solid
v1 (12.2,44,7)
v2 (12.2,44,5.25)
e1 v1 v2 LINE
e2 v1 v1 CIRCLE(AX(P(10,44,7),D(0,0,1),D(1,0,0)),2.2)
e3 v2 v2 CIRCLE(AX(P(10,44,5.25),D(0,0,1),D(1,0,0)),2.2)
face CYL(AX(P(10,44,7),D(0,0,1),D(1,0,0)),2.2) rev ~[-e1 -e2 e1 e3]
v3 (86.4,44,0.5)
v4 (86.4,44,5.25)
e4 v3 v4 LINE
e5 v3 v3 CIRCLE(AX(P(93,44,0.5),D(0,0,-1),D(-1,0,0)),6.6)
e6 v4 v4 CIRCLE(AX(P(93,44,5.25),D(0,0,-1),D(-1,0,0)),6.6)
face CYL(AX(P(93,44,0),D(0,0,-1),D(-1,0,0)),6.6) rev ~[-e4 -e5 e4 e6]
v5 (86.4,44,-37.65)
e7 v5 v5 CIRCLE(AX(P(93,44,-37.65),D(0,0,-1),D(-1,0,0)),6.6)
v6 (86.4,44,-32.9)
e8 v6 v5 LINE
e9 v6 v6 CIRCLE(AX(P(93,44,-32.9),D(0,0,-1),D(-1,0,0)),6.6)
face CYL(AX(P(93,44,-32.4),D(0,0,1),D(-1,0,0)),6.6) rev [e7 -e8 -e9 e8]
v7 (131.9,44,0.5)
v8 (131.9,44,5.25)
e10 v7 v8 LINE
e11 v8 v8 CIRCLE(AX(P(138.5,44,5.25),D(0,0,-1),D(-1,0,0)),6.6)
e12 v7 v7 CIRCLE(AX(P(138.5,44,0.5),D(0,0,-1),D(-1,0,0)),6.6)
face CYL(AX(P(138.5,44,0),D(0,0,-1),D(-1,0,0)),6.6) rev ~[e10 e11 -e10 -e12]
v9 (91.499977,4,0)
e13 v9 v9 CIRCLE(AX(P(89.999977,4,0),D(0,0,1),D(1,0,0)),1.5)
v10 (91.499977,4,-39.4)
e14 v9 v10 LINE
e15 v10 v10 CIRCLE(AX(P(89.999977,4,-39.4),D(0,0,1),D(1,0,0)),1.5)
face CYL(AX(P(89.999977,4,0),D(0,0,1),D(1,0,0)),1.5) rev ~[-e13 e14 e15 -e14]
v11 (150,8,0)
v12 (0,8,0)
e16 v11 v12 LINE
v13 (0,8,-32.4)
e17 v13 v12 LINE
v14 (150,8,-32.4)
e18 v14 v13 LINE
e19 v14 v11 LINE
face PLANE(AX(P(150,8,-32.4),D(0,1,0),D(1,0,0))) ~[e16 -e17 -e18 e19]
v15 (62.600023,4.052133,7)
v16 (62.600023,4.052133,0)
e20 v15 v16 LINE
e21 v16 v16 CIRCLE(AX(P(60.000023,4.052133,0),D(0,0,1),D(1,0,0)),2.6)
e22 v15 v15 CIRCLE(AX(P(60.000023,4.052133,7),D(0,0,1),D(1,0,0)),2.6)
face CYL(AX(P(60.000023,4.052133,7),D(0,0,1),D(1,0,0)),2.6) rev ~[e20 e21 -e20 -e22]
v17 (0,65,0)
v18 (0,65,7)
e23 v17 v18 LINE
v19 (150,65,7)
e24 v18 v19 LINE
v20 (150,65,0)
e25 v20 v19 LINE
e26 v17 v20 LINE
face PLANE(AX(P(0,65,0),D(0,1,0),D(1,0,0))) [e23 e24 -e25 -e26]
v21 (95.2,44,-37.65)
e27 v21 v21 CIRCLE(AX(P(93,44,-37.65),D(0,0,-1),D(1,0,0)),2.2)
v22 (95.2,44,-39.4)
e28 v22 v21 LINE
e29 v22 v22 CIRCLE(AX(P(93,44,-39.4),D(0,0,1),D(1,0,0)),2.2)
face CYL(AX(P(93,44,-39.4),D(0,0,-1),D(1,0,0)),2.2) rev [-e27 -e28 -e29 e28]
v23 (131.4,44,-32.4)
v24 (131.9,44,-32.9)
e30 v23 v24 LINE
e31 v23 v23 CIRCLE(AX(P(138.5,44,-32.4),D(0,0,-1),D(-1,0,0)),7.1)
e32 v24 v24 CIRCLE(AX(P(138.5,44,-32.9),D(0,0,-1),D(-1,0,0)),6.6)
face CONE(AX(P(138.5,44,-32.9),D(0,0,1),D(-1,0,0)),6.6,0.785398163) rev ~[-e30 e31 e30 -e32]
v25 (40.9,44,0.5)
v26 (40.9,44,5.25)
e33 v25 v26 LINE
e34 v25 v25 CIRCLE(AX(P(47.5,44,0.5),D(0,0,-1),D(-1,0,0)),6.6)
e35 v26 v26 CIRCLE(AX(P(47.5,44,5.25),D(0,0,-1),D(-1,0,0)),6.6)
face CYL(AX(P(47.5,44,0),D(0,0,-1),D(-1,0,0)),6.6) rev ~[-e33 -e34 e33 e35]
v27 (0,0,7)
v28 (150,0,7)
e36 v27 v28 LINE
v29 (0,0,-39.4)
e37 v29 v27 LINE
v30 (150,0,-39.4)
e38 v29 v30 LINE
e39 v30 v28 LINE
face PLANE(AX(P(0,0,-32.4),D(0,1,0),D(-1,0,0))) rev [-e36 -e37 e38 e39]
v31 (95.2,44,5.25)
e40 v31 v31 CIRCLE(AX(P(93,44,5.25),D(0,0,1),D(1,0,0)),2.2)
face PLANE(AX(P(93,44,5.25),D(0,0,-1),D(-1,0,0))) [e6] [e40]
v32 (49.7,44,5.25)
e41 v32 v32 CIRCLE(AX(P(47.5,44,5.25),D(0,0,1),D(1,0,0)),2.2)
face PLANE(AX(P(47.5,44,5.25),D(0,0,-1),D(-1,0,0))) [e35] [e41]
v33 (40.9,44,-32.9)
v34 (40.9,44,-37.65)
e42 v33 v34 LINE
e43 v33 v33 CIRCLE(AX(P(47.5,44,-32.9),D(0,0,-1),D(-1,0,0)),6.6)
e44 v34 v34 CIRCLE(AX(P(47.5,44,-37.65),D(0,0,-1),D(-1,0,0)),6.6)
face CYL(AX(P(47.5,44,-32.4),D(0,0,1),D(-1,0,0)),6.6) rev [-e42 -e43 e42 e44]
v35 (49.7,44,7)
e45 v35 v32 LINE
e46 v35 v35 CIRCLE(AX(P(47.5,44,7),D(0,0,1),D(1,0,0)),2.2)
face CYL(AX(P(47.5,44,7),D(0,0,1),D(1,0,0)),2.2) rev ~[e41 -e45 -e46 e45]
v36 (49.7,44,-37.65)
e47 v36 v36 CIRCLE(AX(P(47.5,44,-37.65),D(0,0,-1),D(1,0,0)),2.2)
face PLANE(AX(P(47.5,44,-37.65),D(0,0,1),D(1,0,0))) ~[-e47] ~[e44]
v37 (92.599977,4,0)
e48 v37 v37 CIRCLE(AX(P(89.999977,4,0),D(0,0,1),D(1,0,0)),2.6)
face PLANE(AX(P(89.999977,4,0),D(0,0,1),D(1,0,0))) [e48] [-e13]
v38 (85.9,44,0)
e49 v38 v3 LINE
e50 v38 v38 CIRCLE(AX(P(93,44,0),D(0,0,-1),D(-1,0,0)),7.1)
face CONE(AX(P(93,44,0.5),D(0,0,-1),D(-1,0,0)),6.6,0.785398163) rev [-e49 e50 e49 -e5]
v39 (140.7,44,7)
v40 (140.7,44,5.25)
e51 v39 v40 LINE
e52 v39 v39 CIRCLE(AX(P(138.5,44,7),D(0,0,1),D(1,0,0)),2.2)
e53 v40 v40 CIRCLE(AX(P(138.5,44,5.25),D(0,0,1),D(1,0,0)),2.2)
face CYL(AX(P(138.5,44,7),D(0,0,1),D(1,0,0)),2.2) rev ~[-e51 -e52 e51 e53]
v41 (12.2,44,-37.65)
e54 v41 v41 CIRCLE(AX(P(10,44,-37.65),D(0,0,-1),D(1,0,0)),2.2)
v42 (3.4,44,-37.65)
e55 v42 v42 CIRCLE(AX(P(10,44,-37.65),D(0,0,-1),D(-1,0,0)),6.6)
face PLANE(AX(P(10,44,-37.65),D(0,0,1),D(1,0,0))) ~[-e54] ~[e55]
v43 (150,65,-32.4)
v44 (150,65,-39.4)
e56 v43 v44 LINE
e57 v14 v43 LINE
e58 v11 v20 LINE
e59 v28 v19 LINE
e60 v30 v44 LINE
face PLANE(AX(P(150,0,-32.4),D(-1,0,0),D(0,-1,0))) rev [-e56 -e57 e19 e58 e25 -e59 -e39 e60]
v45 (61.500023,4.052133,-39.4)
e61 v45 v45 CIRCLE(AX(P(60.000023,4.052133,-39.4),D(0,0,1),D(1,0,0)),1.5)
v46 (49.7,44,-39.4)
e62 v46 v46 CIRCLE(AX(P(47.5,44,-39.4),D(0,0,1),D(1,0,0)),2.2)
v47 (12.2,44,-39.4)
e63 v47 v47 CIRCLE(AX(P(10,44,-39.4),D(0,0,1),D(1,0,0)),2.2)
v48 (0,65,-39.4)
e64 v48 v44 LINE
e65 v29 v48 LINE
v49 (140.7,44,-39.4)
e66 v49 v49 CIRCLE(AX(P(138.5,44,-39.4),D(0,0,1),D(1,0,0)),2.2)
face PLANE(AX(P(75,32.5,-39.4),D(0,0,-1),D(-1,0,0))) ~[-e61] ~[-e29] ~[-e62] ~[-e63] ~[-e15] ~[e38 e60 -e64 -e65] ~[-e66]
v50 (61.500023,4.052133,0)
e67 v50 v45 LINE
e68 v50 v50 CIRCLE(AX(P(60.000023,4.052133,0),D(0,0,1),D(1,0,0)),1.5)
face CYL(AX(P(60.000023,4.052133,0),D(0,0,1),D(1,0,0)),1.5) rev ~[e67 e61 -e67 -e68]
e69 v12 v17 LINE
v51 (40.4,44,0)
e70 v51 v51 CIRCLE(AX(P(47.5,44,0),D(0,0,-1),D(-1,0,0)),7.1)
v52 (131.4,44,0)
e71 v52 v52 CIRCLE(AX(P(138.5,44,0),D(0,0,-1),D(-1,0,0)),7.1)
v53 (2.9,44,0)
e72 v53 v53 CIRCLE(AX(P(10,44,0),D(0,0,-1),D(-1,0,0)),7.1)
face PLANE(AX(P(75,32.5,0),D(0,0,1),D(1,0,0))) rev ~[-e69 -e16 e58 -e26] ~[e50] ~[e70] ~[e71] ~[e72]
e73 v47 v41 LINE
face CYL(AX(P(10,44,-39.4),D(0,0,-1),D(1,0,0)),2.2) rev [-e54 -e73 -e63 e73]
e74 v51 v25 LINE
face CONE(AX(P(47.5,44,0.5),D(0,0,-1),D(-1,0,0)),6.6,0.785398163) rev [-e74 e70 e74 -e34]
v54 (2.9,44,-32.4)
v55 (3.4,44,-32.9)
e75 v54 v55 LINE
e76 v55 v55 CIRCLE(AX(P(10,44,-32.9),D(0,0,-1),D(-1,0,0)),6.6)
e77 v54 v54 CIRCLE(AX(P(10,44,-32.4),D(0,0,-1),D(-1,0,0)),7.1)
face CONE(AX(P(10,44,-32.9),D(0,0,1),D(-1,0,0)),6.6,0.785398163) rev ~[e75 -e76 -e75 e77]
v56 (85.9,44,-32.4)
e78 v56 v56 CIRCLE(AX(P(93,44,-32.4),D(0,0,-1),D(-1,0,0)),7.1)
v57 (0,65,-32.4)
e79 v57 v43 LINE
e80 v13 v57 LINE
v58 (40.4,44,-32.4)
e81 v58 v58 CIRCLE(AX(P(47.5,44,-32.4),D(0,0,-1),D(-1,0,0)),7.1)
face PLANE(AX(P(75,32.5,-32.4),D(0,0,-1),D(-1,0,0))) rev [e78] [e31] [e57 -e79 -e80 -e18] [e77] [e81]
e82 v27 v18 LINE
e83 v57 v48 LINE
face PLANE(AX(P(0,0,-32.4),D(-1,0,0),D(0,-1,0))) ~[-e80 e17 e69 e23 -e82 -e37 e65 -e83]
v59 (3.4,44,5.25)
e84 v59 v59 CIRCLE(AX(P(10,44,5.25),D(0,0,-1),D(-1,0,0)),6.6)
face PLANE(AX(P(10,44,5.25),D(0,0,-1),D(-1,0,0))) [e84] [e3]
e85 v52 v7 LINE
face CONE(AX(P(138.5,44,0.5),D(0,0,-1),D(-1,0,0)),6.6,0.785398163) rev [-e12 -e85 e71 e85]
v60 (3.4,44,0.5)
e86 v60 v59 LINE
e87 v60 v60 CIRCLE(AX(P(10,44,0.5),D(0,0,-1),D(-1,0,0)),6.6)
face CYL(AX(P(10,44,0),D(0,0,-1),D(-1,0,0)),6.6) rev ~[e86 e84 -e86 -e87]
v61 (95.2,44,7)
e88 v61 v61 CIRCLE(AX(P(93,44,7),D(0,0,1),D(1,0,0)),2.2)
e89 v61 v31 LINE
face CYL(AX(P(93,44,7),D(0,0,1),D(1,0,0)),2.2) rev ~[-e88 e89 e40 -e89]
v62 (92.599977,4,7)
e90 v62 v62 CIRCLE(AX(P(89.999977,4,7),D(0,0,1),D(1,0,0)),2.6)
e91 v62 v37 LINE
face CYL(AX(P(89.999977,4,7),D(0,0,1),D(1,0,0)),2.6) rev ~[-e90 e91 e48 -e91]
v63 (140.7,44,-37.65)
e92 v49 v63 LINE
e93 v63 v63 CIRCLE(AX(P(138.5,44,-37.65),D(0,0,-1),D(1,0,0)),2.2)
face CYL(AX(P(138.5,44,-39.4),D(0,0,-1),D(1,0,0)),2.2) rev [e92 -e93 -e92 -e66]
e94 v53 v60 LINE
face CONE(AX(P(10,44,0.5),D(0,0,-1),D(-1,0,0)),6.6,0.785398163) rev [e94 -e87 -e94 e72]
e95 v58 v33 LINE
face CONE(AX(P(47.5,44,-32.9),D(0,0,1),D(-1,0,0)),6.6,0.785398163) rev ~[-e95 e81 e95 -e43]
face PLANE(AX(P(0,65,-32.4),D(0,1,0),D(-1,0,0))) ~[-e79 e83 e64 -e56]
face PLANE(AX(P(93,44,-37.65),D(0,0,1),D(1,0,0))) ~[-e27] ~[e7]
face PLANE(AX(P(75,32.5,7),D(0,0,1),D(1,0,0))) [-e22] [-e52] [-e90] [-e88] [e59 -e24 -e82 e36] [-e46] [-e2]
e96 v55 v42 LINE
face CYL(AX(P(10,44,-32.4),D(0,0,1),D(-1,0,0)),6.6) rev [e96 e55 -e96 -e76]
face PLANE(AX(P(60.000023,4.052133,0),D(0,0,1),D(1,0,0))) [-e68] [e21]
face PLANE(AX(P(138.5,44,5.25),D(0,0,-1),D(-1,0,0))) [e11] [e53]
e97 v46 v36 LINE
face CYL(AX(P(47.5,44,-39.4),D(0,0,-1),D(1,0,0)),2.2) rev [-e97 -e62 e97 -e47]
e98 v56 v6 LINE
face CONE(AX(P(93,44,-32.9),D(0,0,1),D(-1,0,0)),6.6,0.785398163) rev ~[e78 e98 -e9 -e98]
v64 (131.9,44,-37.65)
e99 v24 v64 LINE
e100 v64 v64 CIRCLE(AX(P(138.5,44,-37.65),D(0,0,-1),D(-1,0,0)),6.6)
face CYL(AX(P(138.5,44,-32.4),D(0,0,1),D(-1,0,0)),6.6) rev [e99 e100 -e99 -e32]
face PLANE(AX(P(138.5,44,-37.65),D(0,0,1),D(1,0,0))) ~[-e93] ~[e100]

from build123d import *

# Parameters (mm, degrees)
SKETCH1_W           = 150
SKETCH1_H           = 65
BOSS_EXTRUDE1_DEPTH = 7
CUT_EXTRUDE1_REACH  = 165.628
SKETCH2_R           = 2.2
SKETCH3_W           = 150
SKETCH3_H           = 8
BOSS_EXTRUDE2_DEPTH = 16.2
SKETCH4_R           = 6.6
CUT_EXTRUDE2_DEPTH  = 5.25
CHAMFER1_SIZE       = 0.5
SKETCH5_R           = 2.6
CUT_EXTRUDE3_DEPTH  = 7
SKETCH7_R           = 1.5
CUT_EXTRUDE4_DEPTH  = 169.158734534


with BuildPart() as part:
    # Sketch1 → Boss-Extrude1 (new body)
    with BuildSketch(Plane.XY):
        with Locations((75, 32.5)):
            Rectangle(SKETCH1_W, SKETCH1_H)
    boss_extrude1 = extrude(amount=BOSS_EXTRUDE1_DEPTH)

    # Sketch2 → Cut-Extrude1 (cut, up to next)
    with BuildSketch(Plane.XY.offset(7), mode=Mode.PRIVATE) as cut_extrude1_sk1:
        with Locations((10, 44)):
            Circle(SKETCH2_R)
    cut_extrude1_tool1 = extrude(cut_extrude1_sk1.sketch, amount=-CUT_EXTRUDE1_REACH, mode=Mode.PRIVATE) & part.part
    # Sketch2 → Cut-Extrude1 (cut, up to next)
    with BuildSketch(Plane.XY.offset(7), mode=Mode.PRIVATE) as cut_extrude1_sk2:
        with Locations((47.5, 44)):
            Circle(SKETCH2_R)
    cut_extrude1_tool2 = extrude(cut_extrude1_sk2.sketch, amount=-CUT_EXTRUDE1_REACH, mode=Mode.PRIVATE) & part.part
    # Sketch2 → Cut-Extrude1 (cut, up to next)
    with BuildSketch(Plane.XY.offset(7), mode=Mode.PRIVATE) as cut_extrude1_sk3:
        with Locations((93, 44)):
            Circle(SKETCH2_R)
    cut_extrude1_tool3 = extrude(cut_extrude1_sk3.sketch, amount=-CUT_EXTRUDE1_REACH, mode=Mode.PRIVATE) & part.part
    # Sketch2 → Cut-Extrude1 (cut, up to next)
    with BuildSketch(Plane.XY.offset(7), mode=Mode.PRIVATE) as cut_extrude1_sk4:
        with Locations((138.5, 44)):
            Circle(SKETCH2_R)
    cut_extrude1_tool4 = extrude(cut_extrude1_sk4.sketch, amount=-CUT_EXTRUDE1_REACH, mode=Mode.PRIVATE) & part.part
    cut_extrude1_1 = cut_extrude1_tool1.solids().sort_by_distance((10, 44, 7))[0]
    add(cut_extrude1_1, mode=Mode.SUBTRACT)
    cut_extrude1_2 = cut_extrude1_tool2.solids().sort_by_distance((47.5, 44, 7))[0]
    add(cut_extrude1_2, mode=Mode.SUBTRACT)
    cut_extrude1_3 = cut_extrude1_tool3.solids().sort_by_distance((93, 44, 7))[0]
    add(cut_extrude1_3, mode=Mode.SUBTRACT)
    cut_extrude1_4 = cut_extrude1_tool4.solids().sort_by_distance((138.5, 44, 7))[0]
    add(cut_extrude1_4, mode=Mode.SUBTRACT)
    cut_extrude1 = cut_extrude1_1 + cut_extrude1_2 + cut_extrude1_3 + cut_extrude1_4  # Cut-Extrude1 as one shape, for the pattern or mirror that repeats it

    # Sketch3 → Boss-Extrude2 (add)
    with BuildSketch(Plane(origin=(0, 0, 0), x_dir=(-1, 0, 0), z_dir=(0, 0, -1))):
        with Locations((-75, 4)):
            Rectangle(SKETCH3_W, SKETCH3_H)
    boss_extrude2 = extrude(amount=BOSS_EXTRUDE2_DEPTH)

    # Sketch4 → Cut-Extrude2 (cut)
    with BuildSketch(Plane(origin=(0, 0, 0), x_dir=(-1, 0, 0), z_dir=(0, 0, -1))):
        with Locations((-138.5, 44)):
            Circle(SKETCH4_R)
        with Locations((-93, 44)):
            Circle(SKETCH4_R)
        with Locations((-47.5, 44)):
            Circle(SKETCH4_R)
        with Locations((-10, 44)):
            Circle(SKETCH4_R)
    cut_extrude2 = extrude(amount=-CUT_EXTRUDE2_DEPTH, mode=Mode.SUBTRACT)

    # Mirror2: Boss-Extrude2 across plane
    add(boss_extrude2.mirror(Plane.XY.offset(-16.2)))

    # Mirror3: Boss-Extrude1, Cut-Extrude1, Cut-Extrude2 across plane
    add(boss_extrude1.mirror(Plane(origin=(0, 0, -16.2), x_dir=(1, 0, 0), z_dir=(0, 0, -1))))
    add(cut_extrude1.mirror(Plane(origin=(0, 0, -16.2), x_dir=(1, 0, 0), z_dir=(0, 0, -1))), mode=Mode.SUBTRACT)
    add(cut_extrude2.mirror(Plane(origin=(0, 0, -16.2), x_dir=(1, 0, 0), z_dir=(0, 0, -1))), mode=Mode.SUBTRACT)

    # Chamfer1
    chamfer1_edges = [part.edges().sort_by_distance(p)[0] for p in [
        (145.1, 44, -32.4),
        (99.6, 44, -32.4),
        (54.1, 44, -32.4),
        (16.6, 44, -32.4),
        (145.1, 44, 0),
        (99.6, 44, 0),
        (54.1, 44, 0),
        (16.6, 44, 0),
    ]]
    chamfer(chamfer1_edges, length=CHAMFER1_SIZE)

    # Sketch5 → Cut-Extrude3 (cut)
    with BuildSketch(Plane.XY.offset(7)):
        with Locations((60.000022648, 4.052132501)):
            Circle(SKETCH5_R)
        with Locations((89.999977352, 4)):
            Circle(SKETCH5_R)
    extrude(amount=-CUT_EXTRUDE3_DEPTH, mode=Mode.SUBTRACT)

    # Sketch7 → Cut-Extrude4 (cut, through all)
    with BuildSketch(Plane.XY):
        with Locations((60.000022648, 4.052132501)):
            Circle(SKETCH7_R)
        with Locations((89.999977352, 4)):
            Circle(SKETCH7_R)
    extrude(amount=-CUT_EXTRUDE4_DEPTH, mode=Mode.SUBTRACT)


solid = part.part
